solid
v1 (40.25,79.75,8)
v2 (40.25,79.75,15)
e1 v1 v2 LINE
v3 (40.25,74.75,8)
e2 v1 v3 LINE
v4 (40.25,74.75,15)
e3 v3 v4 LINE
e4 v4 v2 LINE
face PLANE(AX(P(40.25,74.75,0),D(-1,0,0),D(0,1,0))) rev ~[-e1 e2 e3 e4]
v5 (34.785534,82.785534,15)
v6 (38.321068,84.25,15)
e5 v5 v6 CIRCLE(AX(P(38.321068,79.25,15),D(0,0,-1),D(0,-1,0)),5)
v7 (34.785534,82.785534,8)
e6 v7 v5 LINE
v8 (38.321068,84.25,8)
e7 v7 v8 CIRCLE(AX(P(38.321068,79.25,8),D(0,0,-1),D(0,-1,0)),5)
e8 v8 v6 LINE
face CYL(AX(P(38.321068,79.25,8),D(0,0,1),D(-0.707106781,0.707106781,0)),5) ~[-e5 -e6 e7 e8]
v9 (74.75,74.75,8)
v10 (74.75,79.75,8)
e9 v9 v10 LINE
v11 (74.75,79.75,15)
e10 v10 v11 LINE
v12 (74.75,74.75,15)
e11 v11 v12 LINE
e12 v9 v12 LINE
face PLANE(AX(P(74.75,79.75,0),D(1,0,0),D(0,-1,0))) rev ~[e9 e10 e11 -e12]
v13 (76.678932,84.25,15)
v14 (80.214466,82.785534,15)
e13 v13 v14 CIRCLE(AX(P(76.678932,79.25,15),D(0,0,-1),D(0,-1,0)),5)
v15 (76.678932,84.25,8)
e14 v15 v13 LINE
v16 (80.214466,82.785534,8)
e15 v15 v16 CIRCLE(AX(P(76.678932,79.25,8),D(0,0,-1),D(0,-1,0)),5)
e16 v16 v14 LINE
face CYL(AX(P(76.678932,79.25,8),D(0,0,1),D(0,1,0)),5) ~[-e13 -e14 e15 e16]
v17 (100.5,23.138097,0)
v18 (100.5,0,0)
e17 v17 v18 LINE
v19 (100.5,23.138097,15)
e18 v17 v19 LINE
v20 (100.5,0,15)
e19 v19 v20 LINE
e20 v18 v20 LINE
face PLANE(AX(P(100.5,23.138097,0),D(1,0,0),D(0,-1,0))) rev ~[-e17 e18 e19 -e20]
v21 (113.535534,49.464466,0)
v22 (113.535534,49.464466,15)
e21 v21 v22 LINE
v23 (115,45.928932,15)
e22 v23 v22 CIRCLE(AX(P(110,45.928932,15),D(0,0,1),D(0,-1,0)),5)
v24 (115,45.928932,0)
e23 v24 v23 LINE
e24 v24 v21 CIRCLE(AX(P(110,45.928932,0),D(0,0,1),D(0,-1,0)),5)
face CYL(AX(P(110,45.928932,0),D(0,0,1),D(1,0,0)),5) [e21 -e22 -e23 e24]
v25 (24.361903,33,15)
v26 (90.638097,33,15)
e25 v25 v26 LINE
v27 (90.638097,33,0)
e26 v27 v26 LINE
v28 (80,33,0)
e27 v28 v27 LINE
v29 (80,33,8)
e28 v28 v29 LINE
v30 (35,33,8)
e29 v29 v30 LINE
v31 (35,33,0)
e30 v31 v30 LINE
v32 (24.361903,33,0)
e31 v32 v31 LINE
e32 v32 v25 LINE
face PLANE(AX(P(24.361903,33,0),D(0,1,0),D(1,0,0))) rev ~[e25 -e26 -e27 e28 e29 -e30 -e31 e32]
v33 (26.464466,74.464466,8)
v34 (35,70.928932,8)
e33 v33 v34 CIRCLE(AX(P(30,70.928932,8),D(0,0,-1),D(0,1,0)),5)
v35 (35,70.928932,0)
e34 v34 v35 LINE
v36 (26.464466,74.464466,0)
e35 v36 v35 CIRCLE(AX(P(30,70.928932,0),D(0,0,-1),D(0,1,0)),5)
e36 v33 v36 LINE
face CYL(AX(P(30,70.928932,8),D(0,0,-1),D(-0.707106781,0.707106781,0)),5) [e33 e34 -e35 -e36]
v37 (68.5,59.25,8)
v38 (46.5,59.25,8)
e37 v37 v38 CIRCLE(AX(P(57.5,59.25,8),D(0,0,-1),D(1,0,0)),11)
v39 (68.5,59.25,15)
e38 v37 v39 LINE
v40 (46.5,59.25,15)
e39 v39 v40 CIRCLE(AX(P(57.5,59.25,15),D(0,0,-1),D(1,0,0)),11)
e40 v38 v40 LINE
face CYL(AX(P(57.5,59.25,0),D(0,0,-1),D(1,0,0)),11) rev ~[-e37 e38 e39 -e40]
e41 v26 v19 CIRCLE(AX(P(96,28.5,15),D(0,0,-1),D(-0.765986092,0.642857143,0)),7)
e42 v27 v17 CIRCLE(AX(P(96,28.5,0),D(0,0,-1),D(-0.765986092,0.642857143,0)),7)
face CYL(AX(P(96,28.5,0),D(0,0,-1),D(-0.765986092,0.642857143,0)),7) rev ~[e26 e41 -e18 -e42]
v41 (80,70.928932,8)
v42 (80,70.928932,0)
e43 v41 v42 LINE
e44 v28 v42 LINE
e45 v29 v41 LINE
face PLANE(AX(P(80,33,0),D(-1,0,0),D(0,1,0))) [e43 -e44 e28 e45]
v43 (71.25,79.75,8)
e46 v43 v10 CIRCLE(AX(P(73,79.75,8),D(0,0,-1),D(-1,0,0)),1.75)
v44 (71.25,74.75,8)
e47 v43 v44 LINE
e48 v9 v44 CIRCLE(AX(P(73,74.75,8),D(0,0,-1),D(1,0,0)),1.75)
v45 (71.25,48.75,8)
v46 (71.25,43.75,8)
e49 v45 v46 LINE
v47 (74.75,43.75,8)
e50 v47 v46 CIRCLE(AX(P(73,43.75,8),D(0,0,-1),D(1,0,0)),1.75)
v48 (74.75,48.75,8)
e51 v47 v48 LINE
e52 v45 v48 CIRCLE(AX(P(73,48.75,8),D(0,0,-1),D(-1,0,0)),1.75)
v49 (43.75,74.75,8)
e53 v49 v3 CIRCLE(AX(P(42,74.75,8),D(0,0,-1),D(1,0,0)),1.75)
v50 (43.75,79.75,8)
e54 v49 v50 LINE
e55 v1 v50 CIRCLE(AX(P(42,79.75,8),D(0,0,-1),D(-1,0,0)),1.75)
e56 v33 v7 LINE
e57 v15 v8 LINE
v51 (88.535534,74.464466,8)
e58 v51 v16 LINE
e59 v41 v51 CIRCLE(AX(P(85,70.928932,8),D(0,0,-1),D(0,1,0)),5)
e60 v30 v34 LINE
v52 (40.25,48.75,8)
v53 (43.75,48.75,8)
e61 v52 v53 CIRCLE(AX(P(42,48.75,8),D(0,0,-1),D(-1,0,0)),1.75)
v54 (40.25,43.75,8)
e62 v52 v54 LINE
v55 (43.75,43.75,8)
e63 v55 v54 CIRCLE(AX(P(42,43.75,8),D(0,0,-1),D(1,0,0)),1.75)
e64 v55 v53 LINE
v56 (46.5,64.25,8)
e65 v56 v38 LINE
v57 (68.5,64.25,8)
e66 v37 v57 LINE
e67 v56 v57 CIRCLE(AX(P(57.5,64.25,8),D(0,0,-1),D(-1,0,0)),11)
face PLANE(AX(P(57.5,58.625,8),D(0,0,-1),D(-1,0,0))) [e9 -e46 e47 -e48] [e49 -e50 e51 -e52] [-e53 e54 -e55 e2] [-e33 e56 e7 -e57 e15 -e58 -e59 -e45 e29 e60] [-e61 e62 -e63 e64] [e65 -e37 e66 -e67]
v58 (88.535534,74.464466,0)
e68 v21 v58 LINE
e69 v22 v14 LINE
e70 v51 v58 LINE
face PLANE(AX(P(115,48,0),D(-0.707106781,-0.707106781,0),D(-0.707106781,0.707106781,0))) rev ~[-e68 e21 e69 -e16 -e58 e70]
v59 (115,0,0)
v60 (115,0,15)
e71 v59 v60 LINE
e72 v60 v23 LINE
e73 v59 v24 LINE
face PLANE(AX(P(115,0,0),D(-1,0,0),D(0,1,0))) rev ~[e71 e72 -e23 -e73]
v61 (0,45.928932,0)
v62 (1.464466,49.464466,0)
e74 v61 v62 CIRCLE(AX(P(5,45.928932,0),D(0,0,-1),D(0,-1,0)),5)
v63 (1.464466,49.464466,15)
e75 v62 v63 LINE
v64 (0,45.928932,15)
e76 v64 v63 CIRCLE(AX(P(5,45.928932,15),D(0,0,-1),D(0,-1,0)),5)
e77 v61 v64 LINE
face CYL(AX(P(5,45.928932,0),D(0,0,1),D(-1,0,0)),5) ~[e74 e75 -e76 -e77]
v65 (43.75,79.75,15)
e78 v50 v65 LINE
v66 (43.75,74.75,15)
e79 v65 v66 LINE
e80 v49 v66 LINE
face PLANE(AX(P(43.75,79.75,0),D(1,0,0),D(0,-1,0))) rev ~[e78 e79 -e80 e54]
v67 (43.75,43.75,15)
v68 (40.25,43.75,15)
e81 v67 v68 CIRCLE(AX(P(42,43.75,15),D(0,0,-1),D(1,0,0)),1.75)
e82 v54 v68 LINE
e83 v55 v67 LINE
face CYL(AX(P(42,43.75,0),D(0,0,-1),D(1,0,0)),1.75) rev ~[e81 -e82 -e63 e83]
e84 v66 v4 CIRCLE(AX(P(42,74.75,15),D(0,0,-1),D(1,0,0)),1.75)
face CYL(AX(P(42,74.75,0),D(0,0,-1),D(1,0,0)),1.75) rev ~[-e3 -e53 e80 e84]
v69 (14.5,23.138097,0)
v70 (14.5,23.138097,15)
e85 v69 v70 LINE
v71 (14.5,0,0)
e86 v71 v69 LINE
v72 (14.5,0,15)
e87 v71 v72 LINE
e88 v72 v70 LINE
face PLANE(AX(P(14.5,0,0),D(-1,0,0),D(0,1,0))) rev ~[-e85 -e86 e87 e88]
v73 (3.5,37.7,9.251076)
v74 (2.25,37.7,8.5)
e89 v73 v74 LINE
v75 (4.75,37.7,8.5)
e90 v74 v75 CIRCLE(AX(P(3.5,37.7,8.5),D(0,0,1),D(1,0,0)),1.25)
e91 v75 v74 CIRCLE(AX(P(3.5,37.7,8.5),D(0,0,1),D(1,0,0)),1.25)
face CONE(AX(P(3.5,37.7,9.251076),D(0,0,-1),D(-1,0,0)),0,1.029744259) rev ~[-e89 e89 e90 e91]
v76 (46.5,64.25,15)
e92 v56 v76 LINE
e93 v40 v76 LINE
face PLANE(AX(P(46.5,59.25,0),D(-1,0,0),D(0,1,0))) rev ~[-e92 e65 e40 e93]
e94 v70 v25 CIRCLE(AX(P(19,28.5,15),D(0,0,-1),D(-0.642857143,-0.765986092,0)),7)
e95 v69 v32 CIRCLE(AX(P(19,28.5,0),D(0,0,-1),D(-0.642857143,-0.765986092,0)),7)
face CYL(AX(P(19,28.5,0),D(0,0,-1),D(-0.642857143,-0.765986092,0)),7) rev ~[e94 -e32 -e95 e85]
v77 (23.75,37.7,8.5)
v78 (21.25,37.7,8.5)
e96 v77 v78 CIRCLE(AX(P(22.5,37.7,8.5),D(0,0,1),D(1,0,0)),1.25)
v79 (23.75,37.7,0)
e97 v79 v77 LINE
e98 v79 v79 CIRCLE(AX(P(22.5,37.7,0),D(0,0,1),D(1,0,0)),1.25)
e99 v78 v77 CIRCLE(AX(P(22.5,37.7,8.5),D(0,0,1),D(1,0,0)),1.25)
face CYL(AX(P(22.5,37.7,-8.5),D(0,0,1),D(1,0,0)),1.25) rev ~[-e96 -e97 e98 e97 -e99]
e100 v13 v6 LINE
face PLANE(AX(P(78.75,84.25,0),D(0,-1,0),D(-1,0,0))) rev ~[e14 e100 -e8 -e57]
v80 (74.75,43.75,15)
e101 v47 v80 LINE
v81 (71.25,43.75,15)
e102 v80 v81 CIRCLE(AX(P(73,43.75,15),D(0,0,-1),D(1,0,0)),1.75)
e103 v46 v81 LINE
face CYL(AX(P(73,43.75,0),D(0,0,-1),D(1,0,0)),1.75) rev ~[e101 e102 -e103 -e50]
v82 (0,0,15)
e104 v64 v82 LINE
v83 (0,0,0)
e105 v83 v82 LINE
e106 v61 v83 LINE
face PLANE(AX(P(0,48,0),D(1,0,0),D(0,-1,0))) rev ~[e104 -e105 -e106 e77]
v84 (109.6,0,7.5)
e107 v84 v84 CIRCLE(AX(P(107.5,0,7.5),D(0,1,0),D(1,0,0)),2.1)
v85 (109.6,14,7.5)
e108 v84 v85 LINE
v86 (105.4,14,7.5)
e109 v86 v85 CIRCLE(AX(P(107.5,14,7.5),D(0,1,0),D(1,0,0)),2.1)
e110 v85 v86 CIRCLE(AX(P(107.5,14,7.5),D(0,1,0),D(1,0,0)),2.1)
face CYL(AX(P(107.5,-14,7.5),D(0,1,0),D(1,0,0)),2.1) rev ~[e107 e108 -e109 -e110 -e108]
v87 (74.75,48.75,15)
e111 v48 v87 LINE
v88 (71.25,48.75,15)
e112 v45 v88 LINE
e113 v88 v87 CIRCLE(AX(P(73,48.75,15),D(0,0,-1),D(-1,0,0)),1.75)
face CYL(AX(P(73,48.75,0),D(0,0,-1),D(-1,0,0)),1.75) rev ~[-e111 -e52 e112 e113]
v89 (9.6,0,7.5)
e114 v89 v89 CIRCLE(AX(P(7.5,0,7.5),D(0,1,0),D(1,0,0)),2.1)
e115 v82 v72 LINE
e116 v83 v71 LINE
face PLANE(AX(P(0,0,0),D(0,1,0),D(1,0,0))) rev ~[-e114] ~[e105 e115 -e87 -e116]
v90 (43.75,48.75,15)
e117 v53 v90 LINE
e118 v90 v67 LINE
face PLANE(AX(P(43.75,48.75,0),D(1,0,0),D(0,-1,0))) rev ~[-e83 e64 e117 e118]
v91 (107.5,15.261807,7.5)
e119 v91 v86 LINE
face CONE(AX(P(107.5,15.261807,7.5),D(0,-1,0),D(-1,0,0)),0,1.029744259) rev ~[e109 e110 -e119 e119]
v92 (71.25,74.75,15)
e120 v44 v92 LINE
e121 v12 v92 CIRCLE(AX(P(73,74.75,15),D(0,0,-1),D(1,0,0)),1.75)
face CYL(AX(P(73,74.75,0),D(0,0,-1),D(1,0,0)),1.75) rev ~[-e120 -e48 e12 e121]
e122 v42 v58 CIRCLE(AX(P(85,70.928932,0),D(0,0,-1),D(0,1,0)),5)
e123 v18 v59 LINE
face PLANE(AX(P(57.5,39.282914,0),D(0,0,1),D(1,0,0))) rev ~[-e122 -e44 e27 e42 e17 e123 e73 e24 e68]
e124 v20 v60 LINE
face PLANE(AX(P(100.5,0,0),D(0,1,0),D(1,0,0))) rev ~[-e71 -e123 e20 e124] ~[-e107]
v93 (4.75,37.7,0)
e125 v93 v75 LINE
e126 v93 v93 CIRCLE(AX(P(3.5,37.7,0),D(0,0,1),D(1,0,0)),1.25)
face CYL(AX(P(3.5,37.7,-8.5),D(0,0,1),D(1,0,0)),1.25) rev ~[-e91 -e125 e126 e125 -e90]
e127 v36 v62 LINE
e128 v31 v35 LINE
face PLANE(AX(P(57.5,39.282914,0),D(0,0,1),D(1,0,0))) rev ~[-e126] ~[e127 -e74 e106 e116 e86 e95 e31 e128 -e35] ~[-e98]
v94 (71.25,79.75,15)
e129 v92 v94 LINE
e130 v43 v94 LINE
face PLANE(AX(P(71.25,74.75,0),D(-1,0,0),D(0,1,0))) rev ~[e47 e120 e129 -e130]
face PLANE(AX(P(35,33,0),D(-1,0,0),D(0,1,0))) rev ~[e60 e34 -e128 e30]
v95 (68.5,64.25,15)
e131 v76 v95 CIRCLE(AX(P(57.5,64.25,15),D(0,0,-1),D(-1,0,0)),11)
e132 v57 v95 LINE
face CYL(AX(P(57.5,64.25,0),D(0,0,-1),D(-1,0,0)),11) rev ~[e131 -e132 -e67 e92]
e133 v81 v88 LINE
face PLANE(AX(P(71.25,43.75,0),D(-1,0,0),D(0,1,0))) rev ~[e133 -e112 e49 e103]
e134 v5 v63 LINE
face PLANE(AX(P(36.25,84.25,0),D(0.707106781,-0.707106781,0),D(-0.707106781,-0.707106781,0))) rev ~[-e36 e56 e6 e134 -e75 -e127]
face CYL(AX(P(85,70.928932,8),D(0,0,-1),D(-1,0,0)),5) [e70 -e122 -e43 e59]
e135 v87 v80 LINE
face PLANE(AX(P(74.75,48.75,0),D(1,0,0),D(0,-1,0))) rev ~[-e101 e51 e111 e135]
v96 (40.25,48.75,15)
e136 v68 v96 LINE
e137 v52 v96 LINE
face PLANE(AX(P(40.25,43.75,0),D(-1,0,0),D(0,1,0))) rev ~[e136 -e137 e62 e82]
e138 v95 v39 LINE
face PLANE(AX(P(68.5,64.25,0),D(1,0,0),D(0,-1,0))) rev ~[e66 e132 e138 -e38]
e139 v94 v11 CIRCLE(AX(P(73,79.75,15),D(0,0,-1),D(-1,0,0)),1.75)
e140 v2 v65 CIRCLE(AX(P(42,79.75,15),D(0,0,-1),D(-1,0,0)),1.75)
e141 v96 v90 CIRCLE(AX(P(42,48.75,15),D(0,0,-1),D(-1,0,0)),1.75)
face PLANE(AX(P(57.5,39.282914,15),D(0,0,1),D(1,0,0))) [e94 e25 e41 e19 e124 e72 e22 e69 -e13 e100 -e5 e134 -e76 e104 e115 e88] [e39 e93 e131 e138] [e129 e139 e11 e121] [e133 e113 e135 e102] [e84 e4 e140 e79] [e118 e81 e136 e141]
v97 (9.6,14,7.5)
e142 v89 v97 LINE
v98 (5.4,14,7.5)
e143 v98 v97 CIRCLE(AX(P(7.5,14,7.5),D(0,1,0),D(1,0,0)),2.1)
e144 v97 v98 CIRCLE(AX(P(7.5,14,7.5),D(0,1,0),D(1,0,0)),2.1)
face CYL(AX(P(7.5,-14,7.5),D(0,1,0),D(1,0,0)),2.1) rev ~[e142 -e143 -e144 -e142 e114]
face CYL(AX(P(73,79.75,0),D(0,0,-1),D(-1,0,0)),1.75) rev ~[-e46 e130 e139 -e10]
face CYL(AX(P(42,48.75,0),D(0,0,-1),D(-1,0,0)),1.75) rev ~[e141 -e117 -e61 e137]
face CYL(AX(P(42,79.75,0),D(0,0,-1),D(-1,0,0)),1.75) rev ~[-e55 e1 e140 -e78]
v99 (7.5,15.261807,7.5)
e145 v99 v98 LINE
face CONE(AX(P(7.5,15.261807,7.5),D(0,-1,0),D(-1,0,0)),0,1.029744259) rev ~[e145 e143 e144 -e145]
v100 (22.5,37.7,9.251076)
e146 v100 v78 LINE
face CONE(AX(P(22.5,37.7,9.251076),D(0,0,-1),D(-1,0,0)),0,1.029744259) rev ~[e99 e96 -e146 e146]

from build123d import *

# Parameters (mm, degrees)
AUFSATZ_LINEAR_AUSTRAGEN1_DEPTH = 15
M5_GEWINDEBOHRUNG1_D            = 4.2
M5_GEWINDEBOHRUNG1_DEPTH        = 14
M5_GEWINDEBOHRUNG1_TIP          = 1.2618073
SKIZZE4_W                       = 45
SKIZZE4_H                       = 51.25
SCHNITT_LINEAR_AUSTRAGEN1_DEPTH = 8
VERRUNDUNG1_R                   = 5
VERRUNDUNG2_R                   = 5
M3_GEWINDEBOHRUNG1_D            = 2.5
M3_GEWINDEBOHRUNG1_DEPTH        = 8.5
M3_GEWINDEBOHRUNG1_TIP          = 0.751075774


with BuildPart() as part:
    # Skizze1 → Aufsatz-Linear austragen1 (new body)
    with BuildSketch(Plane.XY):
        with BuildLine():
            Line((100.5, 0), (115, 0))
            Line((115, 0), (115, 48))
            Line((115, 48), (78.75, 84.25))
            Line((78.75, 84.25), (36.25, 84.25))
            Line((36.25, 84.25), (0, 48))
            Line((0, 48), (0, 0))
            Line((0, 0), (14.5, 0))
            Line((14.5, 0), (14.5, 23.138097353))
            ThreePointArc((14.5, 23.138097353), (14.050252532, 33.449747468), (24.361902647, 33))
            Line((24.361902647, 33), (90.638097353, 33))
            ThreePointArc((90.638097353, 33), (100.949747468, 33.449747468), (100.5, 23.138097353))
            Line((100.5, 23.138097353), (100.5, 0))
        make_face()
        with BuildLine():
            Line((68.5, 64.25), (68.5, 59.25))
            ThreePointArc((68.5, 59.25), (57.5, 48.25), (46.5, 59.25))
            Line((46.5, 59.25), (46.5, 64.25))
            ThreePointArc((46.5, 64.25), (57.5, 75.25), (68.5, 64.25))
        make_face(mode=Mode.SUBTRACT)
        with BuildLine():
            Line((43.75, 79.75), (43.75, 74.75))
            ThreePointArc((43.75, 74.75), (42, 73), (40.25, 74.75))
            Line((40.25, 74.75), (40.25, 79.75))
            ThreePointArc((40.25, 79.75), (42, 81.5), (43.75, 79.75))
        make_face(mode=Mode.SUBTRACT)
        with BuildLine():
            Line((74.75, 79.75), (74.75, 74.75))
            ThreePointArc((74.75, 74.75), (73, 73), (71.25, 74.75))
            Line((71.25, 74.75), (71.25, 79.75))
            ThreePointArc((71.25, 79.75), (73, 81.5), (74.75, 79.75))
        make_face(mode=Mode.SUBTRACT)
        with BuildLine():
            Line((74.75, 48.75), (74.75, 43.75))
            ThreePointArc((74.75, 43.75), (73, 42), (71.25, 43.75))
            Line((71.25, 43.75), (71.25, 48.75))
            ThreePointArc((71.25, 48.75), (73, 50.5), (74.75, 48.75))
        make_face(mode=Mode.SUBTRACT)
        with BuildLine():
            Line((43.75, 48.75), (43.75, 43.75))
            ThreePointArc((43.75, 43.75), (42, 42), (40.25, 43.75))
            Line((40.25, 43.75), (40.25, 48.75))
            ThreePointArc((40.25, 48.75), (42, 50.5), (43.75, 48.75))
        make_face(mode=Mode.SUBTRACT)
    extrude(amount=AUFSATZ_LINEAR_AUSTRAGEN1_DEPTH)

    # M5 Gewindebohrung1
    with Locations(Plane(origin=(0, 0, 0), x_dir=(-1, 0, 0), z_dir=(0, -1, 0))):
        with Locations((-7.5, -7.5), (-107.5, -7.5)):
            Hole(M5_GEWINDEBOHRUNG1_D / 2, depth=M5_GEWINDEBOHRUNG1_DEPTH)
            with Locations((0, 0, -(M5_GEWINDEBOHRUNG1_DEPTH + M5_GEWINDEBOHRUNG1_TIP / 2))):  # 118° drill point
                Cone(0, M5_GEWINDEBOHRUNG1_D / 2, M5_GEWINDEBOHRUNG1_TIP, mode=Mode.SUBTRACT)

    # Skizze4 → Schnitt-Linear austragen1 (cut)
    with BuildSketch(Plane(origin=(0, 0, 0), x_dir=(-1, 0, 0), z_dir=(0, 0, -1))):
        with Locations((-57.5, 58.625)):
            Rectangle(SKIZZE4_W, SKIZZE4_H)
    extrude(amount=-SCHNITT_LINEAR_AUSTRAGEN1_DEPTH, mode=Mode.SUBTRACT)

    # Verrundung1
    verrundung1_edges = [part.edges().sort_by_distance(p)[0] for p in [
        (35, 83, 4),
        (80, 83, 4),
    ]]
    fillet(verrundung1_edges, radius=VERRUNDUNG1_R)

    # Verrundung2
    verrundung2_edges = [part.edges().sort_by_distance(p)[0] for p in [
        (0, 48, 7.5),
        (36.25, 84.25, 11.5),
        (78.75, 84.25, 11.5),
        (115, 48, 7.5),
    ]]
    fillet(verrundung2_edges, radius=VERRUNDUNG2_R)

    # M3 Gewindebohrung1
    with Locations(Plane(origin=(0, 0, 0), x_dir=(-1, 0, 0), z_dir=(0, 0, -1))):
        with Locations((-3.5, 37.7), (-22.5, 37.7)):
            Hole(M3_GEWINDEBOHRUNG1_D / 2, depth=M3_GEWINDEBOHRUNG1_DEPTH)
            with Locations((0, 0, -(M3_GEWINDEBOHRUNG1_DEPTH + M3_GEWINDEBOHRUNG1_TIP / 2))):  # 118° drill point
                Cone(0, M3_GEWINDEBOHRUNG1_D / 2, M3_GEWINDEBOHRUNG1_TIP, mode=Mode.SUBTRACT)


solid = part.part
